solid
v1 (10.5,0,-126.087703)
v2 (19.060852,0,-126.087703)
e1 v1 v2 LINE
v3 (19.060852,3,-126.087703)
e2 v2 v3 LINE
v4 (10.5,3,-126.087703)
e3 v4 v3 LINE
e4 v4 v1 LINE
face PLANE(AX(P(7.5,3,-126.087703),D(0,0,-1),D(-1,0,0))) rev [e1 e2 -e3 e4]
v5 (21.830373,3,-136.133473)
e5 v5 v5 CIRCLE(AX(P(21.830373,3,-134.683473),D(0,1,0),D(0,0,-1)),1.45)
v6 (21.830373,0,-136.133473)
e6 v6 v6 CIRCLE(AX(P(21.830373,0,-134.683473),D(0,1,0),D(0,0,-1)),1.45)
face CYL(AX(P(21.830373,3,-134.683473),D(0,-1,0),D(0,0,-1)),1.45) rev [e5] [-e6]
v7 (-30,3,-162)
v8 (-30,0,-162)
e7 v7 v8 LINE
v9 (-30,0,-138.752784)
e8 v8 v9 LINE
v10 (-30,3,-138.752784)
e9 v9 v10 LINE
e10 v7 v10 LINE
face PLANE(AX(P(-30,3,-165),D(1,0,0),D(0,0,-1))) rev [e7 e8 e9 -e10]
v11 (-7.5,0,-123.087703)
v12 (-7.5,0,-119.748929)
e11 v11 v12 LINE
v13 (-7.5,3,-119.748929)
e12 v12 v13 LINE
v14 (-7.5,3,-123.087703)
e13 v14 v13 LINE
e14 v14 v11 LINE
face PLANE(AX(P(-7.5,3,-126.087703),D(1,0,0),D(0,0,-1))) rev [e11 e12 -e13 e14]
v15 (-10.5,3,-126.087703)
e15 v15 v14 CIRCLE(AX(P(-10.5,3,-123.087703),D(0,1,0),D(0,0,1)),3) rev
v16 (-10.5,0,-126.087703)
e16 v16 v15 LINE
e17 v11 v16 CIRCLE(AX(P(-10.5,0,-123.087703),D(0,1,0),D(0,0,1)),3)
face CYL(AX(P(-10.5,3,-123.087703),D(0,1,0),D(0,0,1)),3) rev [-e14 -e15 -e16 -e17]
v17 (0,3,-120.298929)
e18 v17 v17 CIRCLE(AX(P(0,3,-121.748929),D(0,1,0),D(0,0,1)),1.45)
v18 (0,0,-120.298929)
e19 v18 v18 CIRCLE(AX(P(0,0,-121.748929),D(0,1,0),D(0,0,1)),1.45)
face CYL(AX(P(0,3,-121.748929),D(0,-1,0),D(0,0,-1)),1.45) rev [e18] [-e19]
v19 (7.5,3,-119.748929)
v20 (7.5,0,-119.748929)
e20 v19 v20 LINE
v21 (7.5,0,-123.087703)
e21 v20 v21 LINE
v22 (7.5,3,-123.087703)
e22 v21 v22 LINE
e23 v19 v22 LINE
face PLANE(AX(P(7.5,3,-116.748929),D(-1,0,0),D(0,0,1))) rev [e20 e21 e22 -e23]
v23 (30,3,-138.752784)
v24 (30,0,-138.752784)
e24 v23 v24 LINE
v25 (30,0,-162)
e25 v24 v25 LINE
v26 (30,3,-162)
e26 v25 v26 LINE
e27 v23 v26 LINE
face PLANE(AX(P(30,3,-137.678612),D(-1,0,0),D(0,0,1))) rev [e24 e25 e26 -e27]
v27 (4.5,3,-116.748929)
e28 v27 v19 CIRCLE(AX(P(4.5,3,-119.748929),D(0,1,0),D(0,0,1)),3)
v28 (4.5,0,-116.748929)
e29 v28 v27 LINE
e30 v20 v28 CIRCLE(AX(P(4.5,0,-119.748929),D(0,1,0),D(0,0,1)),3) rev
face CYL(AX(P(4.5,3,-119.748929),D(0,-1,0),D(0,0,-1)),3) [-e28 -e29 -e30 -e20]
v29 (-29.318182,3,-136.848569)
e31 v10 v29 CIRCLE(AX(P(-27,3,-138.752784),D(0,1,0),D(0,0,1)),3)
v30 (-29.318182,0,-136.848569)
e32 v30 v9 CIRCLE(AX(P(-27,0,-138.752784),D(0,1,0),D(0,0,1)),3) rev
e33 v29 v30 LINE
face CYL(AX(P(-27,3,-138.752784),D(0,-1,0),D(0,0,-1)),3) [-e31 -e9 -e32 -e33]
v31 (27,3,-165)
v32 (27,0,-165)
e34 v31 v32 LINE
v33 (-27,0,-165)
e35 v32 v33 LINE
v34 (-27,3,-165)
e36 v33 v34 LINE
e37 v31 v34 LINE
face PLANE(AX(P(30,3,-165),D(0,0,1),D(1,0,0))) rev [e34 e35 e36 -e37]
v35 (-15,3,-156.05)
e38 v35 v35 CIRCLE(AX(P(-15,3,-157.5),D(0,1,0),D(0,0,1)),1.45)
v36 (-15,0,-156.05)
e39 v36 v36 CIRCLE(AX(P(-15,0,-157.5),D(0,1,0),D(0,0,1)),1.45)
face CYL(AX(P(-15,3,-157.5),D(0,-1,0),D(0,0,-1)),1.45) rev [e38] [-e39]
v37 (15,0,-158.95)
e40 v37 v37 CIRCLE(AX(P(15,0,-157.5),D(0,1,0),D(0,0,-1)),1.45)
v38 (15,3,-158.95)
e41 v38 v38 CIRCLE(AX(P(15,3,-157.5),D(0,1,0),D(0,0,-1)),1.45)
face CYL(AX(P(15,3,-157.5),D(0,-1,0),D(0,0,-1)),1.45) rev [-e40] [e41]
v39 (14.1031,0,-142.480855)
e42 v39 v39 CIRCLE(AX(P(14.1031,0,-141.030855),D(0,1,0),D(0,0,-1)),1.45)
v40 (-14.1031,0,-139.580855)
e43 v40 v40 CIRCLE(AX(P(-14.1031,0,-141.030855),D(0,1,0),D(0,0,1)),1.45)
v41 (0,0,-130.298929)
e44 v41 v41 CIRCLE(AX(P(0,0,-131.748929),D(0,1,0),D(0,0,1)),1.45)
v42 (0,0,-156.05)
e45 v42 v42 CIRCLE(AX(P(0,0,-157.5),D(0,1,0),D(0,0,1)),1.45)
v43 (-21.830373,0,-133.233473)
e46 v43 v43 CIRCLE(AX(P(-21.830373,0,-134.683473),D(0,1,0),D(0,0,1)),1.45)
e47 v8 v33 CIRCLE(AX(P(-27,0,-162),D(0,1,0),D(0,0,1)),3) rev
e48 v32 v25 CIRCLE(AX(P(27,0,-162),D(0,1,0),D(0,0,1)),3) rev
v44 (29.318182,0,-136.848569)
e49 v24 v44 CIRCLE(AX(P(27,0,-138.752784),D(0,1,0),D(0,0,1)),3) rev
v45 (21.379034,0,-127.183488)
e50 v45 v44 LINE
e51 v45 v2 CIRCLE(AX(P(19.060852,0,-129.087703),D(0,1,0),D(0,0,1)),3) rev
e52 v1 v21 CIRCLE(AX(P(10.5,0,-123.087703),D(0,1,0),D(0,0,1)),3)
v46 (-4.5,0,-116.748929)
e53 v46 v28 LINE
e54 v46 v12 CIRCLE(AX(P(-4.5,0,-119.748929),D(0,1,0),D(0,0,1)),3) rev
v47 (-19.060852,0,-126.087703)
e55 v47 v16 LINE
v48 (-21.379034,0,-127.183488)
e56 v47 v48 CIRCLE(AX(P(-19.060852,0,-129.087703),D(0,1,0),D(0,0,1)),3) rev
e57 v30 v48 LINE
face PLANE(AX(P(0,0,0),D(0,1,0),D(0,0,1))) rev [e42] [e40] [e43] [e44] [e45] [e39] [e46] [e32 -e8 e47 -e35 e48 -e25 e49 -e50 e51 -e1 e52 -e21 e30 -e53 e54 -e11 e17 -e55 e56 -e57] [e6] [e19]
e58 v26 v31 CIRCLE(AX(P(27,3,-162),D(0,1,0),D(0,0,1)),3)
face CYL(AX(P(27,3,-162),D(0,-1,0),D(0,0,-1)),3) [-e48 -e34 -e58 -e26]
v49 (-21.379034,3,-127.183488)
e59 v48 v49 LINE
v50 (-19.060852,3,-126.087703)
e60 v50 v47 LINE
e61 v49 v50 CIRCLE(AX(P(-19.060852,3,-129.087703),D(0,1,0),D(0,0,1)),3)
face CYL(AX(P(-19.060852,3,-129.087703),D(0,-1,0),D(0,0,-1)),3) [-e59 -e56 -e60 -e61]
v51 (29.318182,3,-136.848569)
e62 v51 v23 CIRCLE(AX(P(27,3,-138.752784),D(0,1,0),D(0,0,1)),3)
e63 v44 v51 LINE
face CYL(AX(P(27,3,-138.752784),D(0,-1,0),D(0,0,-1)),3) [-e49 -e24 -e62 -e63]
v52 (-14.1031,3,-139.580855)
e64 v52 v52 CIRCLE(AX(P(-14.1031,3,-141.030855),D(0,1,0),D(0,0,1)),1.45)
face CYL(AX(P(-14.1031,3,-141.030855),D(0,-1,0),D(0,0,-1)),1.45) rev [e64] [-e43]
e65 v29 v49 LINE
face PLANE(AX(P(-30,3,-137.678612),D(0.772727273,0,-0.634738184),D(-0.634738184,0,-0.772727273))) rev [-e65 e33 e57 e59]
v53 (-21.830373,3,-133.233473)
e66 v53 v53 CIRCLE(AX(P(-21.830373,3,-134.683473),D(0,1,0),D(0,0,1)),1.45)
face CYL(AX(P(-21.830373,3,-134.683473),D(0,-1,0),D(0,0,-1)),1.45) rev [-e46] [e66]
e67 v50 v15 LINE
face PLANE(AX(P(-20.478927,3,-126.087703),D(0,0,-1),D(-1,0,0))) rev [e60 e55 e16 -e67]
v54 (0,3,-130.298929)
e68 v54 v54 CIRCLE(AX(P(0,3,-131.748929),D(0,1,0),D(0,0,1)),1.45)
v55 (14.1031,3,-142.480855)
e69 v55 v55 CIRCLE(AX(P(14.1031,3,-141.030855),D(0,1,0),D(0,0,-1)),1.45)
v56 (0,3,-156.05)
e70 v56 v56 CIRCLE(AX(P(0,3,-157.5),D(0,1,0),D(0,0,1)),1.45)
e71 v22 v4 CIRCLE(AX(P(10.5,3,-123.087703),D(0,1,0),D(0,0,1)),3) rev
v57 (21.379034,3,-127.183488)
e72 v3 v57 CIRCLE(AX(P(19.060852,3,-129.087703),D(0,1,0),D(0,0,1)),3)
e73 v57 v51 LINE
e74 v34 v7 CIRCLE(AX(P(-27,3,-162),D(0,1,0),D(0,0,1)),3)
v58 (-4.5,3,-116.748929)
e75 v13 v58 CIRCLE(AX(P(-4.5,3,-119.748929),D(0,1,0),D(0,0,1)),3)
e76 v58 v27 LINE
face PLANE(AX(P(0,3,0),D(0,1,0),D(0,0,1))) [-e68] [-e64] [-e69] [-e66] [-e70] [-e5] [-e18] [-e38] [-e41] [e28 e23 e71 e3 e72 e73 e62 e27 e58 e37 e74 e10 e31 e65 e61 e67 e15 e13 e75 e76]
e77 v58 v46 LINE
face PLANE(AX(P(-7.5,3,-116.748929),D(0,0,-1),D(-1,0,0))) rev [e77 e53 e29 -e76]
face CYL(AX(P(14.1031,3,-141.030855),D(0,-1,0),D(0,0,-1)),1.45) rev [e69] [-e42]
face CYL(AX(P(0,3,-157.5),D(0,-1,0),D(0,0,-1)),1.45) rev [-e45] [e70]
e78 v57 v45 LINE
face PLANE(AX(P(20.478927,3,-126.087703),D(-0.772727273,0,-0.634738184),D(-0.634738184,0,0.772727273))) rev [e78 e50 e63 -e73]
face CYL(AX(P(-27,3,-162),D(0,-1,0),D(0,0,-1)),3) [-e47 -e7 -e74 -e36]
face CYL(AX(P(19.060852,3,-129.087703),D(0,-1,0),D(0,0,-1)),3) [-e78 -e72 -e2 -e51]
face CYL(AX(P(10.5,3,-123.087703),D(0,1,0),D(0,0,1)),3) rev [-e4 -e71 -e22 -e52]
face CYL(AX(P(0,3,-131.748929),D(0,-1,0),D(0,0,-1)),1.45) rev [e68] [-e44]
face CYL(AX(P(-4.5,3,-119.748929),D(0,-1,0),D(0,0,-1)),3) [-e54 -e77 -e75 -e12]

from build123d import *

# Parameters (mm, degrees)
SKETCH_1_R      = 1.45
EXTRUDE_1_DEPTH = 3
FILLET_1_R      = 3


with BuildPart() as part:
    # 草图1 → 凸台-拉伸1 (new body)
    with BuildSketch(Plane(origin=(0, 0, 0), x_dir=(1, 0, 0), z_dir=(0, 1, 0))):
        Polygon((30, 165), (-30, 165), (-30, 137.678611726), (-20.478927243, 126.087702635), (-7.5, 126.087702635), (-7.5, 116.748929431), (7.5, 116.748929431), (7.5, 126.087702635), (20.478927243, 126.087702635), (30, 137.678611726), align=None)
        with Locations(Location((0, 157.5, 0), (0, 0, 270))):
            Circle(SKETCH_1_R, mode=Mode.SUBTRACT)
        with Locations(Location((-15, 157.5, 0), (0, 0, 270))):
            Circle(SKETCH_1_R, mode=Mode.SUBTRACT)
        with Locations(Location((-14.103099985, 141.030854536, 0), (0, 0, 270))):
            Circle(SKETCH_1_R, mode=Mode.SUBTRACT)
        with Locations(Location((-21.830372712, 134.683472697, 0), (0, 0, 270))):
            Circle(SKETCH_1_R, mode=Mode.SUBTRACT)
        with Locations(Location((21.830372712, 134.683472697, 0), (0, 0, 90))):
            Circle(SKETCH_1_R, mode=Mode.SUBTRACT)
        with Locations(Location((14.103099985, 141.030854536, 0), (0, 0, 90))):
            Circle(SKETCH_1_R, mode=Mode.SUBTRACT)
        with Locations(Location((15, 157.5, 0), (0, 0, 90))):
            Circle(SKETCH_1_R, mode=Mode.SUBTRACT)
        with Locations(Location((0, 131.748929431, 0), (0, 0, 270))):
            Circle(SKETCH_1_R, mode=Mode.SUBTRACT)
        with Locations(Location((0, 121.748929431, 0), (0, 0, 270))):
            Circle(SKETCH_1_R, mode=Mode.SUBTRACT)
    extrude(amount=EXTRUDE_1_DEPTH)

    # 圆角1
    fillet_1_edges = [part.edges().sort_by_distance(p)[0] for p in [
        (-30, 1.5, -165),
        (30, 1.5, -165),
        (30, 1.5, -137.678611726),
        (20.478927243, 1.5, -126.087702635),
        (7.5, 1.5, -126.087702635),
        (7.5, 1.5, -116.748929431),
        (-7.5, 1.5, -116.748929431),
        (-7.5, 1.5, -126.087702635),
        (-20.478927243, 1.5, -126.087702635),
        (-30, 1.5, -137.678611726),
    ]]
    fillet(fillet_1_edges, radius=FILLET_1_R)


solid = part.part
